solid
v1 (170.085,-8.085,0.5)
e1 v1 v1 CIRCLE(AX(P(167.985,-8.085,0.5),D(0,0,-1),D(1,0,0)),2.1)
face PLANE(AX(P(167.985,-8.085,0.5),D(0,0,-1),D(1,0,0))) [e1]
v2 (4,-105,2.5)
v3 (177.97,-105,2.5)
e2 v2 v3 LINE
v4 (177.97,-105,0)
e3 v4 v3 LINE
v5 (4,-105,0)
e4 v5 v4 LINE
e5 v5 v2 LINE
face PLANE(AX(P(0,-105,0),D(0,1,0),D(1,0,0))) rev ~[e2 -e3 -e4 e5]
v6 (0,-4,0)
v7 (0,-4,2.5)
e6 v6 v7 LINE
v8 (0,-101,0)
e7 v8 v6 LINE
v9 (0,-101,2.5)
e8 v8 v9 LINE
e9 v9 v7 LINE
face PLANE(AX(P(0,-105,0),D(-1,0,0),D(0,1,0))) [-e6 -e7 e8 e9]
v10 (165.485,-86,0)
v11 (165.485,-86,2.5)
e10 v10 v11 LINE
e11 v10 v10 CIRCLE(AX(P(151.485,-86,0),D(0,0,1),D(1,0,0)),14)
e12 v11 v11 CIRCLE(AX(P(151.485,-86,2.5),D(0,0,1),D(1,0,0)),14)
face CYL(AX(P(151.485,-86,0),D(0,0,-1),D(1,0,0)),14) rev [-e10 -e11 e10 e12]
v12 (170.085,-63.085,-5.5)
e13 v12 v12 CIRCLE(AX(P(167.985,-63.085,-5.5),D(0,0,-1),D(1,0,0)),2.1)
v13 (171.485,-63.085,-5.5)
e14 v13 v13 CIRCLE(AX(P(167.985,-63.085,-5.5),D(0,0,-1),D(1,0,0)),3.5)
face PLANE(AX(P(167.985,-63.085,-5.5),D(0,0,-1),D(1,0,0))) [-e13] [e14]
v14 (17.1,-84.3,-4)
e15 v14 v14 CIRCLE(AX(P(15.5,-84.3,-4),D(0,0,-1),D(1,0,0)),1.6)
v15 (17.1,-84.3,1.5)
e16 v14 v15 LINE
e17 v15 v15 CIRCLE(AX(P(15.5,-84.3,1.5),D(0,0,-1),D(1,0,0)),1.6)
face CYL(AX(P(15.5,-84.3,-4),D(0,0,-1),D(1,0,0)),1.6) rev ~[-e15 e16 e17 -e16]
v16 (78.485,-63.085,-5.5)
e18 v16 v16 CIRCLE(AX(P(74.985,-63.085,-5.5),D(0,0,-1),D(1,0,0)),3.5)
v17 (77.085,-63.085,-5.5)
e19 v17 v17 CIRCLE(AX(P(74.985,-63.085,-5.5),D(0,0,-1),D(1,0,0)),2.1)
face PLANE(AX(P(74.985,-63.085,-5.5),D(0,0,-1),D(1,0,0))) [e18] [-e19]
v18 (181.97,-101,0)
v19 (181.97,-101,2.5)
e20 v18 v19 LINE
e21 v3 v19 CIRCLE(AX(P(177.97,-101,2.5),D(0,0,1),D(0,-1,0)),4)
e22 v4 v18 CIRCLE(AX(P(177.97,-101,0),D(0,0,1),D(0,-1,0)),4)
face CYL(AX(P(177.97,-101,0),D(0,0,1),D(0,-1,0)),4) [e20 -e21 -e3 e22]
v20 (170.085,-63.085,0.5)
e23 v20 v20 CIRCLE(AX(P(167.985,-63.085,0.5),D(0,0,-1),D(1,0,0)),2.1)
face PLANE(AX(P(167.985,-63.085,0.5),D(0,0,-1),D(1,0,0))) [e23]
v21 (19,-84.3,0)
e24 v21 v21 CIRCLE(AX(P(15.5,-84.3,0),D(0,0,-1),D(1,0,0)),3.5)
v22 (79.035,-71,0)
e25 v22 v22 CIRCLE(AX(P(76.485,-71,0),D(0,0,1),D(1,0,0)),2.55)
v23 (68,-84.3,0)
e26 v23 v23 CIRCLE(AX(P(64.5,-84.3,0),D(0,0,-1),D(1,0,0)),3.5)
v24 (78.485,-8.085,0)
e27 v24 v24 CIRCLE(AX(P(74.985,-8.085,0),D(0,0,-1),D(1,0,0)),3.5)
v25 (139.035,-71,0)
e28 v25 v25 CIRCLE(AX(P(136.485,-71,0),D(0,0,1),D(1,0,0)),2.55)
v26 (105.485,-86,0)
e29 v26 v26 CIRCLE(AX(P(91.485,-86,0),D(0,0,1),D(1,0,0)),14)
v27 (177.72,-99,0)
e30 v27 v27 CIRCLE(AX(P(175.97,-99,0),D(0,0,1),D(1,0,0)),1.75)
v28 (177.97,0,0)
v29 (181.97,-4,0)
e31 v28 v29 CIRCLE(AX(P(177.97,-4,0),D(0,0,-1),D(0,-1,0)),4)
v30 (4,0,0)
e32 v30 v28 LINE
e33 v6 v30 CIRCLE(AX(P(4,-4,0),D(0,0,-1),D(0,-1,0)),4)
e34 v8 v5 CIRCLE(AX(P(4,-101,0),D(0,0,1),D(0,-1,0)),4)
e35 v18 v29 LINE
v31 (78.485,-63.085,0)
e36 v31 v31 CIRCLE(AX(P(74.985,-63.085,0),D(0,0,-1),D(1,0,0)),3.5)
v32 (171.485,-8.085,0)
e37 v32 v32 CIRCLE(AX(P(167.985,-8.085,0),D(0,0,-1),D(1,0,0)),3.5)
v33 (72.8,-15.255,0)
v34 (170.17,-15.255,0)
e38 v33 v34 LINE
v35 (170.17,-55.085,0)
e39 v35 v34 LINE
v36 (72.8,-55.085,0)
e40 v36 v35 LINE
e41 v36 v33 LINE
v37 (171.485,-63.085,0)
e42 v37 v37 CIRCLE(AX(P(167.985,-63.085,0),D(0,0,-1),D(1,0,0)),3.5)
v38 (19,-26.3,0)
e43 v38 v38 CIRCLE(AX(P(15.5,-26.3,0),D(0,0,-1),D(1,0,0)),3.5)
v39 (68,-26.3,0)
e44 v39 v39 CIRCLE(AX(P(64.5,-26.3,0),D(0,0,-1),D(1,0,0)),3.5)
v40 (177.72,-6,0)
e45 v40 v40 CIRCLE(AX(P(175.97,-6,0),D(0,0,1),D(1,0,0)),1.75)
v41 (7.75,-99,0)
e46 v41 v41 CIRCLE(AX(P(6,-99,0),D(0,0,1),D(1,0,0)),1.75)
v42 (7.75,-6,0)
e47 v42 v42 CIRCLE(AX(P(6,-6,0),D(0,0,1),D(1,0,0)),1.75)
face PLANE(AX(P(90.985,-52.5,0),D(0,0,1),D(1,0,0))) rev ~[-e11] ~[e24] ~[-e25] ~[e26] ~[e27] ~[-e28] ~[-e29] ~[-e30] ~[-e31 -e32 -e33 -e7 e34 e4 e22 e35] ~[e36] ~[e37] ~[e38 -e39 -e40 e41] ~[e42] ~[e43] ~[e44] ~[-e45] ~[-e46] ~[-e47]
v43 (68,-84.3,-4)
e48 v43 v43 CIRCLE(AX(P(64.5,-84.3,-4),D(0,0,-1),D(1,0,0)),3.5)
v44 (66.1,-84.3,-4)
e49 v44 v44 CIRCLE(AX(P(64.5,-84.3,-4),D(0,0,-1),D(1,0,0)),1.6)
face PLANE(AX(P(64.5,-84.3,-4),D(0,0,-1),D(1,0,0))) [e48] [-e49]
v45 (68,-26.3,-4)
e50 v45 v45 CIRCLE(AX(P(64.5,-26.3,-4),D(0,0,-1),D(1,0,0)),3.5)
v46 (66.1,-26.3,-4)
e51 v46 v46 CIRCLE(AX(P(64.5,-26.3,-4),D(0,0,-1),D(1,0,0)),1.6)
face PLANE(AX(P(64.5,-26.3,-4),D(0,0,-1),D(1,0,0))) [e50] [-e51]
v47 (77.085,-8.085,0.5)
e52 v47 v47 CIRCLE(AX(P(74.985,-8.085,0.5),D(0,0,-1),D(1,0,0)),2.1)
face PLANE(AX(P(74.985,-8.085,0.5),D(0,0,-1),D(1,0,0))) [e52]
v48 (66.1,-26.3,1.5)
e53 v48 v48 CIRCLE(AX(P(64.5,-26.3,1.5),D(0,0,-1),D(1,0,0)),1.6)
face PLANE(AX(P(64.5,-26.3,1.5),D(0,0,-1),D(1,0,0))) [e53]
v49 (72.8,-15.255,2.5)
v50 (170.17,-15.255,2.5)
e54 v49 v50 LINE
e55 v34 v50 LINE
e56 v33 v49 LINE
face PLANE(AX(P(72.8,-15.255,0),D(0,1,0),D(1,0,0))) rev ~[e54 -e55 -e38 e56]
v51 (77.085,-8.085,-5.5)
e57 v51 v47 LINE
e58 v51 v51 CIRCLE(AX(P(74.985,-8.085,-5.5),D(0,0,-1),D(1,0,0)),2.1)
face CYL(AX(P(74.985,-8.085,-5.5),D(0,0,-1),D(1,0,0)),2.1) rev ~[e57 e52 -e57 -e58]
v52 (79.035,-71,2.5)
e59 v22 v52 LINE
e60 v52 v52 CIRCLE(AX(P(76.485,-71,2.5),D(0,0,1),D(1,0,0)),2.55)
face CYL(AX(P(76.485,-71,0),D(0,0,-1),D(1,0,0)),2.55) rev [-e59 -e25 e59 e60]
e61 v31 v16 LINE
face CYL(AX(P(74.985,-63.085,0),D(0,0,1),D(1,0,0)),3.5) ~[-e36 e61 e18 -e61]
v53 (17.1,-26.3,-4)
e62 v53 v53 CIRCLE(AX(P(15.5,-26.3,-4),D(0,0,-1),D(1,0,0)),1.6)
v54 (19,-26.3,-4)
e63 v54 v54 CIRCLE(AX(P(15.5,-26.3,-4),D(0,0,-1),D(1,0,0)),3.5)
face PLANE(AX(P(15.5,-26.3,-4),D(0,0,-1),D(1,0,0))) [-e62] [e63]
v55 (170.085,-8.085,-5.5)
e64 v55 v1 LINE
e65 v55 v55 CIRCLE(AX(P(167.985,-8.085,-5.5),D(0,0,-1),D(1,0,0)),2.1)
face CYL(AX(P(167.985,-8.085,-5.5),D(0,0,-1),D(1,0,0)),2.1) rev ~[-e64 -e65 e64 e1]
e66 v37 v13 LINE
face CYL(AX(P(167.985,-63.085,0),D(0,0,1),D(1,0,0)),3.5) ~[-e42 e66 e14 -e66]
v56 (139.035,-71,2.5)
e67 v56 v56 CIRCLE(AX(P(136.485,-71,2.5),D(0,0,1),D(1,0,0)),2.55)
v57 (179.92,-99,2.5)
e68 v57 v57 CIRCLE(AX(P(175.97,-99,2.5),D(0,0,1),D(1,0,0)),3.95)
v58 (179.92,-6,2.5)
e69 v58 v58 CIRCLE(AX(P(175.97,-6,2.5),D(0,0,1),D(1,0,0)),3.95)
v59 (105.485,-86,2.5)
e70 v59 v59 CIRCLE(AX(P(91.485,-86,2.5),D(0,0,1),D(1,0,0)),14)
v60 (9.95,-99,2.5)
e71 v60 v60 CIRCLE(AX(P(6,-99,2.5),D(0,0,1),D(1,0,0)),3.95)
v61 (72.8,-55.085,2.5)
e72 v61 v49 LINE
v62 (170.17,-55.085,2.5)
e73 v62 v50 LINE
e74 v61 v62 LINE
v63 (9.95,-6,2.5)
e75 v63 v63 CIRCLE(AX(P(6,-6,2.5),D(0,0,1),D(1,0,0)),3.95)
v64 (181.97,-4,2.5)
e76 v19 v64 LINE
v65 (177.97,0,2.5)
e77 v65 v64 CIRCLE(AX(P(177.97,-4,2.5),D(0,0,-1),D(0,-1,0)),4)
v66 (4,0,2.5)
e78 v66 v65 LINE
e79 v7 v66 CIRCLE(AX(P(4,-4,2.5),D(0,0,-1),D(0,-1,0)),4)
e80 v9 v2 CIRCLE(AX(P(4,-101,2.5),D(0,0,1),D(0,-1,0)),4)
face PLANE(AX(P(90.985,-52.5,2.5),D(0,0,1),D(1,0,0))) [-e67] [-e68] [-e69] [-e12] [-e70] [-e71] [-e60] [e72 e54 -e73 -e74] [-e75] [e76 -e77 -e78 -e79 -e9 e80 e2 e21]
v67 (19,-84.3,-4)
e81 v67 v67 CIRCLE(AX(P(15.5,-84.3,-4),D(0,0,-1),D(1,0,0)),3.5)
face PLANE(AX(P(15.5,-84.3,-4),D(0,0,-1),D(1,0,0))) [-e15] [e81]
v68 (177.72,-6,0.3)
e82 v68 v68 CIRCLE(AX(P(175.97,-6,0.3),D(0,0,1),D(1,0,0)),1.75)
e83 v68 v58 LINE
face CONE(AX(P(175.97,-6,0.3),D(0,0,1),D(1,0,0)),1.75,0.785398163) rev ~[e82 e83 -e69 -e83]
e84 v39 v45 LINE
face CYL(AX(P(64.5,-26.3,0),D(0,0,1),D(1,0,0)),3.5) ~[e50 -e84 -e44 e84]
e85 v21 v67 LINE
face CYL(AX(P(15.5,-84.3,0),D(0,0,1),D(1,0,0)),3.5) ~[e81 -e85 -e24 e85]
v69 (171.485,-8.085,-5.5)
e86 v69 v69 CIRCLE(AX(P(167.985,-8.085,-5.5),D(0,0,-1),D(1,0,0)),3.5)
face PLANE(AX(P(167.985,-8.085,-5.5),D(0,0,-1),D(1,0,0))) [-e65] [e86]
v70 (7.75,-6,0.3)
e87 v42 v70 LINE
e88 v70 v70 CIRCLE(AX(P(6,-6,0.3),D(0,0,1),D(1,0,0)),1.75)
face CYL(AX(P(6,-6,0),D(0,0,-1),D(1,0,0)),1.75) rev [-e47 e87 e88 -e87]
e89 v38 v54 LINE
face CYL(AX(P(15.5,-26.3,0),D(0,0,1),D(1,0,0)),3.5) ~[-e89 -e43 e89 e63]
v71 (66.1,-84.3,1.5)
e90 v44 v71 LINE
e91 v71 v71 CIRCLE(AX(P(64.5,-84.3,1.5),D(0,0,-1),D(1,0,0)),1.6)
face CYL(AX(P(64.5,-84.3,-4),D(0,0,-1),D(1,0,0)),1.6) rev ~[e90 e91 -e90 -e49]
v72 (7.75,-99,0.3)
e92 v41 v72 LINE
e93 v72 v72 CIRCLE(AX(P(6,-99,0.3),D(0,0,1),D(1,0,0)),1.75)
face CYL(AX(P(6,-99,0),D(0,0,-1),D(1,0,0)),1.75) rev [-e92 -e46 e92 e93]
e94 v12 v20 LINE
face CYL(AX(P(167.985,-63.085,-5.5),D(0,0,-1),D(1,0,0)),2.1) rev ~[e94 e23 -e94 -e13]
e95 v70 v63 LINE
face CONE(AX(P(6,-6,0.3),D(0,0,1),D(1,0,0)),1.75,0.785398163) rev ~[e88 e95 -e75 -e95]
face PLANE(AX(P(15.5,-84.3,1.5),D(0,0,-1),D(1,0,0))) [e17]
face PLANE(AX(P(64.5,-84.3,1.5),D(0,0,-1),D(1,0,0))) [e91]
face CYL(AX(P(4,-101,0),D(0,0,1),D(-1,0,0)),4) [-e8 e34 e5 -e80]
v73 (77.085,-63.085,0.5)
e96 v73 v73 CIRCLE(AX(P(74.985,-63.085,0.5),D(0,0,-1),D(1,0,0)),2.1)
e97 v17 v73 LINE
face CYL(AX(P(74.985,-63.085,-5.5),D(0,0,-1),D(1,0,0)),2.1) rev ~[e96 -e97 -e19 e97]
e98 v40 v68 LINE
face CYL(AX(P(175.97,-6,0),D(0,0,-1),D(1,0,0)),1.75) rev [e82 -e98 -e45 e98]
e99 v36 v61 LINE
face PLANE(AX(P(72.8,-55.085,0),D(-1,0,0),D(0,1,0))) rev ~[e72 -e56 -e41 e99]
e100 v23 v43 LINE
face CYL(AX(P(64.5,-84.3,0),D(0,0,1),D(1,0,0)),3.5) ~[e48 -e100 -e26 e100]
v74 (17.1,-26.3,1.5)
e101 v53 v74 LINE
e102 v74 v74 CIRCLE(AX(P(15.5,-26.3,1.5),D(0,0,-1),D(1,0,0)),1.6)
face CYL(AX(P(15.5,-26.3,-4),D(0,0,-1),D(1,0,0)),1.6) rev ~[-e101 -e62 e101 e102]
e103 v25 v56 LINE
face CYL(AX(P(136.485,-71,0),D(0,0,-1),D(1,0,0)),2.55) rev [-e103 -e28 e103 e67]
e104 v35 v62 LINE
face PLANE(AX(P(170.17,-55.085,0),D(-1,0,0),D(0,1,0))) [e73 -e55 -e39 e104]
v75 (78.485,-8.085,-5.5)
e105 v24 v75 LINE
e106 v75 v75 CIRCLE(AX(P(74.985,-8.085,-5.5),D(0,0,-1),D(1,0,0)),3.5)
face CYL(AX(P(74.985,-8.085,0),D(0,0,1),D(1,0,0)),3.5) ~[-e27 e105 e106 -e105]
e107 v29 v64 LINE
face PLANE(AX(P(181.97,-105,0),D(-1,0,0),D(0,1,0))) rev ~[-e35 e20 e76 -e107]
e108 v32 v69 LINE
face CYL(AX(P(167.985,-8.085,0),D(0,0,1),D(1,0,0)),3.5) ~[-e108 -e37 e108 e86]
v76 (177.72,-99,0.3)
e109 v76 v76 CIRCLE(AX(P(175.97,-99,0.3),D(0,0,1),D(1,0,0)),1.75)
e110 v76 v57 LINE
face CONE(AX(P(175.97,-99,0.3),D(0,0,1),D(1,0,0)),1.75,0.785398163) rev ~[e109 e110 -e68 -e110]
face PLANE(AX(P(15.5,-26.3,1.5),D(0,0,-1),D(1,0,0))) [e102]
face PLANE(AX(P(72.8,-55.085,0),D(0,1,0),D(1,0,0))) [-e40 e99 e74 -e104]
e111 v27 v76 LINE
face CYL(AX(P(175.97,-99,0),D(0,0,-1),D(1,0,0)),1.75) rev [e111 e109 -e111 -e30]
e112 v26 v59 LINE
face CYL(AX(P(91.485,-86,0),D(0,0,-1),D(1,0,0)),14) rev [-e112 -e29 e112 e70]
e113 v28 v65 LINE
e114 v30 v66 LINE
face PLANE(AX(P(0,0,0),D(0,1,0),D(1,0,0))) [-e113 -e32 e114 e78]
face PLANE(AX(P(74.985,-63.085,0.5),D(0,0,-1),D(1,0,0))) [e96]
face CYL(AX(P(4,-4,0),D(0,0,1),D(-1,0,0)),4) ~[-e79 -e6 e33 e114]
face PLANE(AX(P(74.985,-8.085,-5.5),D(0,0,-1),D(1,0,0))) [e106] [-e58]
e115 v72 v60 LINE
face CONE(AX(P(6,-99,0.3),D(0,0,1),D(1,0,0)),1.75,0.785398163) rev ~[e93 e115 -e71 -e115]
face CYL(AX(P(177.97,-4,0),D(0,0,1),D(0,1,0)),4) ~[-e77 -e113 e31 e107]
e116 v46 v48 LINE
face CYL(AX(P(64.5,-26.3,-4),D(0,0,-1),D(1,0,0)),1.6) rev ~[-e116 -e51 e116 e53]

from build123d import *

# Parameters (mm, degrees)
SKETCH_W        = 181.97
SKETCH_H        = 105
SKETCH_R        = 14
SKETCH_R_2      = 2.55
SKETCH_R_3      = 1.75
SKETCH_W_2      = 97.37
SKETCH_H_2      = 39.83
PAD_DEPTH       = 2.5
CHAMFER_SIZE    = 2.2
SKETCH001_R     = 3.5
PAD001_DEPTH    = 4
SKETCH002_R     = 3.5
PAD002_DEPTH    = 5.5
SKETCH003_R     = 2.1
POCKET_DEPTH    = 6
SKETCH004_R     = 1.6
POCKET001_DEPTH = 5.5
FILLET_R        = 4


with BuildPart() as part:
    # Sketch → Pad (new body)
    with BuildSketch(Plane.XY):
        with Locations((90.985, -52.5)):
            Rectangle(SKETCH_W, SKETCH_H)
        with Locations((91.485, -86)):
            Circle(SKETCH_R, mode=Mode.SUBTRACT)
        with Locations((151.485, -86)):
            Circle(SKETCH_R, mode=Mode.SUBTRACT)
        with Locations((136.485, -71)):
            Circle(SKETCH_R_2, mode=Mode.SUBTRACT)
        with Locations((76.485, -71)):
            Circle(SKETCH_R_2, mode=Mode.SUBTRACT)
        with Locations((6, -99)):
            Circle(SKETCH_R_3, mode=Mode.SUBTRACT)
        with Locations((175.97, -99)):
            Circle(SKETCH_R_3, mode=Mode.SUBTRACT)
        with Locations((6, -6)):
            Circle(SKETCH_R_3, mode=Mode.SUBTRACT)
        with Locations((175.97, -6)):
            Circle(SKETCH_R_3, mode=Mode.SUBTRACT)
        with Locations((121.485, -35.17)):
            Rectangle(SKETCH_W_2, SKETCH_H_2, mode=Mode.SUBTRACT)
    extrude(amount=PAD_DEPTH)

    # Chamfer
    chamfer_edges = [part.edges().sort_by_distance(p)[0] for p in [
        (4.25, -6, 2.5),
        (4.25, -99, 2.5),
        (174.22, -99, 2.5),
        (174.22, -6, 2.5),
    ]]
    chamfer(chamfer_edges, length=CHAMFER_SIZE)

    # Sketch001 (on Face3 of Chamfer) → Pad001 (join)
    with BuildSketch(Plane(origin=(0, 0, 0), x_dir=(1, 0, 0), z_dir=(0, 0, -1))):
        with Locations((15.5, 84.3)):
            Circle(SKETCH001_R)
        with Locations((64.5, 84.3)):
            Circle(SKETCH001_R)
        with Locations((64.5, 26.3)):
            Circle(SKETCH001_R)
        with Locations((15.5, 26.3)):
            Circle(SKETCH001_R)
    extrude(amount=PAD001_DEPTH)

    # Sketch002 (on Face3 of Pad001) → Pad002 (join)
    with BuildSketch(Plane(origin=(0, 0, 0), x_dir=(1, 0, 0), z_dir=(0, 0, -1))):
        with Locations((74.985, 63.085)):
            Circle(SKETCH002_R)
        with Locations((167.985, 63.085)):
            Circle(SKETCH002_R)
        with Locations((167.985, 8.085)):
            Circle(SKETCH002_R)
        with Locations((74.985, 8.085)):
            Circle(SKETCH002_R)
    extrude(amount=PAD002_DEPTH)

    # Sketch003 (on Face33 of Pad002) → Pocket (cut)
    with BuildSketch(Plane(origin=(0, 0, -5.5), x_dir=(1, 0, 0), z_dir=(0, 0, -1))):
        with Locations((74.985, 63.085)):
            Circle(SKETCH003_R)
        with Locations((167.985, 63.085)):
            Circle(SKETCH003_R)
        with Locations((167.985, 8.085)):
            Circle(SKETCH003_R)
        with Locations((74.985, 8.085)):
            Circle(SKETCH003_R)
    extrude(amount=-POCKET_DEPTH, mode=Mode.SUBTRACT)

    # Sketch004 (on Face36 of Pocket) → Pocket001 (cut)
    with BuildSketch(Plane(origin=(0, 0, -4), x_dir=(1, 0, 0), z_dir=(0, 0, -1))):
        with Locations((15.5, 84.3)):
            Circle(SKETCH004_R)
        with Locations((64.5, 84.3)):
            Circle(SKETCH004_R)
        with Locations((64.5, 26.3)):
            Circle(SKETCH004_R)
        with Locations((15.5, 26.3)):
            Circle(SKETCH004_R)
    extrude(amount=-POCKET001_DEPTH, mode=Mode.SUBTRACT)

    # Fillet
    fillet_edges = [part.edges().sort_by_distance(p)[0] for p in [
        (0, 0, 1.25),
        (0, -105, 1.25),
        (181.97, 0, 1.25),
        (181.97, -105, 1.25),
    ]]
    fillet(fillet_edges, radius=FILLET_R)


solid = part.part
